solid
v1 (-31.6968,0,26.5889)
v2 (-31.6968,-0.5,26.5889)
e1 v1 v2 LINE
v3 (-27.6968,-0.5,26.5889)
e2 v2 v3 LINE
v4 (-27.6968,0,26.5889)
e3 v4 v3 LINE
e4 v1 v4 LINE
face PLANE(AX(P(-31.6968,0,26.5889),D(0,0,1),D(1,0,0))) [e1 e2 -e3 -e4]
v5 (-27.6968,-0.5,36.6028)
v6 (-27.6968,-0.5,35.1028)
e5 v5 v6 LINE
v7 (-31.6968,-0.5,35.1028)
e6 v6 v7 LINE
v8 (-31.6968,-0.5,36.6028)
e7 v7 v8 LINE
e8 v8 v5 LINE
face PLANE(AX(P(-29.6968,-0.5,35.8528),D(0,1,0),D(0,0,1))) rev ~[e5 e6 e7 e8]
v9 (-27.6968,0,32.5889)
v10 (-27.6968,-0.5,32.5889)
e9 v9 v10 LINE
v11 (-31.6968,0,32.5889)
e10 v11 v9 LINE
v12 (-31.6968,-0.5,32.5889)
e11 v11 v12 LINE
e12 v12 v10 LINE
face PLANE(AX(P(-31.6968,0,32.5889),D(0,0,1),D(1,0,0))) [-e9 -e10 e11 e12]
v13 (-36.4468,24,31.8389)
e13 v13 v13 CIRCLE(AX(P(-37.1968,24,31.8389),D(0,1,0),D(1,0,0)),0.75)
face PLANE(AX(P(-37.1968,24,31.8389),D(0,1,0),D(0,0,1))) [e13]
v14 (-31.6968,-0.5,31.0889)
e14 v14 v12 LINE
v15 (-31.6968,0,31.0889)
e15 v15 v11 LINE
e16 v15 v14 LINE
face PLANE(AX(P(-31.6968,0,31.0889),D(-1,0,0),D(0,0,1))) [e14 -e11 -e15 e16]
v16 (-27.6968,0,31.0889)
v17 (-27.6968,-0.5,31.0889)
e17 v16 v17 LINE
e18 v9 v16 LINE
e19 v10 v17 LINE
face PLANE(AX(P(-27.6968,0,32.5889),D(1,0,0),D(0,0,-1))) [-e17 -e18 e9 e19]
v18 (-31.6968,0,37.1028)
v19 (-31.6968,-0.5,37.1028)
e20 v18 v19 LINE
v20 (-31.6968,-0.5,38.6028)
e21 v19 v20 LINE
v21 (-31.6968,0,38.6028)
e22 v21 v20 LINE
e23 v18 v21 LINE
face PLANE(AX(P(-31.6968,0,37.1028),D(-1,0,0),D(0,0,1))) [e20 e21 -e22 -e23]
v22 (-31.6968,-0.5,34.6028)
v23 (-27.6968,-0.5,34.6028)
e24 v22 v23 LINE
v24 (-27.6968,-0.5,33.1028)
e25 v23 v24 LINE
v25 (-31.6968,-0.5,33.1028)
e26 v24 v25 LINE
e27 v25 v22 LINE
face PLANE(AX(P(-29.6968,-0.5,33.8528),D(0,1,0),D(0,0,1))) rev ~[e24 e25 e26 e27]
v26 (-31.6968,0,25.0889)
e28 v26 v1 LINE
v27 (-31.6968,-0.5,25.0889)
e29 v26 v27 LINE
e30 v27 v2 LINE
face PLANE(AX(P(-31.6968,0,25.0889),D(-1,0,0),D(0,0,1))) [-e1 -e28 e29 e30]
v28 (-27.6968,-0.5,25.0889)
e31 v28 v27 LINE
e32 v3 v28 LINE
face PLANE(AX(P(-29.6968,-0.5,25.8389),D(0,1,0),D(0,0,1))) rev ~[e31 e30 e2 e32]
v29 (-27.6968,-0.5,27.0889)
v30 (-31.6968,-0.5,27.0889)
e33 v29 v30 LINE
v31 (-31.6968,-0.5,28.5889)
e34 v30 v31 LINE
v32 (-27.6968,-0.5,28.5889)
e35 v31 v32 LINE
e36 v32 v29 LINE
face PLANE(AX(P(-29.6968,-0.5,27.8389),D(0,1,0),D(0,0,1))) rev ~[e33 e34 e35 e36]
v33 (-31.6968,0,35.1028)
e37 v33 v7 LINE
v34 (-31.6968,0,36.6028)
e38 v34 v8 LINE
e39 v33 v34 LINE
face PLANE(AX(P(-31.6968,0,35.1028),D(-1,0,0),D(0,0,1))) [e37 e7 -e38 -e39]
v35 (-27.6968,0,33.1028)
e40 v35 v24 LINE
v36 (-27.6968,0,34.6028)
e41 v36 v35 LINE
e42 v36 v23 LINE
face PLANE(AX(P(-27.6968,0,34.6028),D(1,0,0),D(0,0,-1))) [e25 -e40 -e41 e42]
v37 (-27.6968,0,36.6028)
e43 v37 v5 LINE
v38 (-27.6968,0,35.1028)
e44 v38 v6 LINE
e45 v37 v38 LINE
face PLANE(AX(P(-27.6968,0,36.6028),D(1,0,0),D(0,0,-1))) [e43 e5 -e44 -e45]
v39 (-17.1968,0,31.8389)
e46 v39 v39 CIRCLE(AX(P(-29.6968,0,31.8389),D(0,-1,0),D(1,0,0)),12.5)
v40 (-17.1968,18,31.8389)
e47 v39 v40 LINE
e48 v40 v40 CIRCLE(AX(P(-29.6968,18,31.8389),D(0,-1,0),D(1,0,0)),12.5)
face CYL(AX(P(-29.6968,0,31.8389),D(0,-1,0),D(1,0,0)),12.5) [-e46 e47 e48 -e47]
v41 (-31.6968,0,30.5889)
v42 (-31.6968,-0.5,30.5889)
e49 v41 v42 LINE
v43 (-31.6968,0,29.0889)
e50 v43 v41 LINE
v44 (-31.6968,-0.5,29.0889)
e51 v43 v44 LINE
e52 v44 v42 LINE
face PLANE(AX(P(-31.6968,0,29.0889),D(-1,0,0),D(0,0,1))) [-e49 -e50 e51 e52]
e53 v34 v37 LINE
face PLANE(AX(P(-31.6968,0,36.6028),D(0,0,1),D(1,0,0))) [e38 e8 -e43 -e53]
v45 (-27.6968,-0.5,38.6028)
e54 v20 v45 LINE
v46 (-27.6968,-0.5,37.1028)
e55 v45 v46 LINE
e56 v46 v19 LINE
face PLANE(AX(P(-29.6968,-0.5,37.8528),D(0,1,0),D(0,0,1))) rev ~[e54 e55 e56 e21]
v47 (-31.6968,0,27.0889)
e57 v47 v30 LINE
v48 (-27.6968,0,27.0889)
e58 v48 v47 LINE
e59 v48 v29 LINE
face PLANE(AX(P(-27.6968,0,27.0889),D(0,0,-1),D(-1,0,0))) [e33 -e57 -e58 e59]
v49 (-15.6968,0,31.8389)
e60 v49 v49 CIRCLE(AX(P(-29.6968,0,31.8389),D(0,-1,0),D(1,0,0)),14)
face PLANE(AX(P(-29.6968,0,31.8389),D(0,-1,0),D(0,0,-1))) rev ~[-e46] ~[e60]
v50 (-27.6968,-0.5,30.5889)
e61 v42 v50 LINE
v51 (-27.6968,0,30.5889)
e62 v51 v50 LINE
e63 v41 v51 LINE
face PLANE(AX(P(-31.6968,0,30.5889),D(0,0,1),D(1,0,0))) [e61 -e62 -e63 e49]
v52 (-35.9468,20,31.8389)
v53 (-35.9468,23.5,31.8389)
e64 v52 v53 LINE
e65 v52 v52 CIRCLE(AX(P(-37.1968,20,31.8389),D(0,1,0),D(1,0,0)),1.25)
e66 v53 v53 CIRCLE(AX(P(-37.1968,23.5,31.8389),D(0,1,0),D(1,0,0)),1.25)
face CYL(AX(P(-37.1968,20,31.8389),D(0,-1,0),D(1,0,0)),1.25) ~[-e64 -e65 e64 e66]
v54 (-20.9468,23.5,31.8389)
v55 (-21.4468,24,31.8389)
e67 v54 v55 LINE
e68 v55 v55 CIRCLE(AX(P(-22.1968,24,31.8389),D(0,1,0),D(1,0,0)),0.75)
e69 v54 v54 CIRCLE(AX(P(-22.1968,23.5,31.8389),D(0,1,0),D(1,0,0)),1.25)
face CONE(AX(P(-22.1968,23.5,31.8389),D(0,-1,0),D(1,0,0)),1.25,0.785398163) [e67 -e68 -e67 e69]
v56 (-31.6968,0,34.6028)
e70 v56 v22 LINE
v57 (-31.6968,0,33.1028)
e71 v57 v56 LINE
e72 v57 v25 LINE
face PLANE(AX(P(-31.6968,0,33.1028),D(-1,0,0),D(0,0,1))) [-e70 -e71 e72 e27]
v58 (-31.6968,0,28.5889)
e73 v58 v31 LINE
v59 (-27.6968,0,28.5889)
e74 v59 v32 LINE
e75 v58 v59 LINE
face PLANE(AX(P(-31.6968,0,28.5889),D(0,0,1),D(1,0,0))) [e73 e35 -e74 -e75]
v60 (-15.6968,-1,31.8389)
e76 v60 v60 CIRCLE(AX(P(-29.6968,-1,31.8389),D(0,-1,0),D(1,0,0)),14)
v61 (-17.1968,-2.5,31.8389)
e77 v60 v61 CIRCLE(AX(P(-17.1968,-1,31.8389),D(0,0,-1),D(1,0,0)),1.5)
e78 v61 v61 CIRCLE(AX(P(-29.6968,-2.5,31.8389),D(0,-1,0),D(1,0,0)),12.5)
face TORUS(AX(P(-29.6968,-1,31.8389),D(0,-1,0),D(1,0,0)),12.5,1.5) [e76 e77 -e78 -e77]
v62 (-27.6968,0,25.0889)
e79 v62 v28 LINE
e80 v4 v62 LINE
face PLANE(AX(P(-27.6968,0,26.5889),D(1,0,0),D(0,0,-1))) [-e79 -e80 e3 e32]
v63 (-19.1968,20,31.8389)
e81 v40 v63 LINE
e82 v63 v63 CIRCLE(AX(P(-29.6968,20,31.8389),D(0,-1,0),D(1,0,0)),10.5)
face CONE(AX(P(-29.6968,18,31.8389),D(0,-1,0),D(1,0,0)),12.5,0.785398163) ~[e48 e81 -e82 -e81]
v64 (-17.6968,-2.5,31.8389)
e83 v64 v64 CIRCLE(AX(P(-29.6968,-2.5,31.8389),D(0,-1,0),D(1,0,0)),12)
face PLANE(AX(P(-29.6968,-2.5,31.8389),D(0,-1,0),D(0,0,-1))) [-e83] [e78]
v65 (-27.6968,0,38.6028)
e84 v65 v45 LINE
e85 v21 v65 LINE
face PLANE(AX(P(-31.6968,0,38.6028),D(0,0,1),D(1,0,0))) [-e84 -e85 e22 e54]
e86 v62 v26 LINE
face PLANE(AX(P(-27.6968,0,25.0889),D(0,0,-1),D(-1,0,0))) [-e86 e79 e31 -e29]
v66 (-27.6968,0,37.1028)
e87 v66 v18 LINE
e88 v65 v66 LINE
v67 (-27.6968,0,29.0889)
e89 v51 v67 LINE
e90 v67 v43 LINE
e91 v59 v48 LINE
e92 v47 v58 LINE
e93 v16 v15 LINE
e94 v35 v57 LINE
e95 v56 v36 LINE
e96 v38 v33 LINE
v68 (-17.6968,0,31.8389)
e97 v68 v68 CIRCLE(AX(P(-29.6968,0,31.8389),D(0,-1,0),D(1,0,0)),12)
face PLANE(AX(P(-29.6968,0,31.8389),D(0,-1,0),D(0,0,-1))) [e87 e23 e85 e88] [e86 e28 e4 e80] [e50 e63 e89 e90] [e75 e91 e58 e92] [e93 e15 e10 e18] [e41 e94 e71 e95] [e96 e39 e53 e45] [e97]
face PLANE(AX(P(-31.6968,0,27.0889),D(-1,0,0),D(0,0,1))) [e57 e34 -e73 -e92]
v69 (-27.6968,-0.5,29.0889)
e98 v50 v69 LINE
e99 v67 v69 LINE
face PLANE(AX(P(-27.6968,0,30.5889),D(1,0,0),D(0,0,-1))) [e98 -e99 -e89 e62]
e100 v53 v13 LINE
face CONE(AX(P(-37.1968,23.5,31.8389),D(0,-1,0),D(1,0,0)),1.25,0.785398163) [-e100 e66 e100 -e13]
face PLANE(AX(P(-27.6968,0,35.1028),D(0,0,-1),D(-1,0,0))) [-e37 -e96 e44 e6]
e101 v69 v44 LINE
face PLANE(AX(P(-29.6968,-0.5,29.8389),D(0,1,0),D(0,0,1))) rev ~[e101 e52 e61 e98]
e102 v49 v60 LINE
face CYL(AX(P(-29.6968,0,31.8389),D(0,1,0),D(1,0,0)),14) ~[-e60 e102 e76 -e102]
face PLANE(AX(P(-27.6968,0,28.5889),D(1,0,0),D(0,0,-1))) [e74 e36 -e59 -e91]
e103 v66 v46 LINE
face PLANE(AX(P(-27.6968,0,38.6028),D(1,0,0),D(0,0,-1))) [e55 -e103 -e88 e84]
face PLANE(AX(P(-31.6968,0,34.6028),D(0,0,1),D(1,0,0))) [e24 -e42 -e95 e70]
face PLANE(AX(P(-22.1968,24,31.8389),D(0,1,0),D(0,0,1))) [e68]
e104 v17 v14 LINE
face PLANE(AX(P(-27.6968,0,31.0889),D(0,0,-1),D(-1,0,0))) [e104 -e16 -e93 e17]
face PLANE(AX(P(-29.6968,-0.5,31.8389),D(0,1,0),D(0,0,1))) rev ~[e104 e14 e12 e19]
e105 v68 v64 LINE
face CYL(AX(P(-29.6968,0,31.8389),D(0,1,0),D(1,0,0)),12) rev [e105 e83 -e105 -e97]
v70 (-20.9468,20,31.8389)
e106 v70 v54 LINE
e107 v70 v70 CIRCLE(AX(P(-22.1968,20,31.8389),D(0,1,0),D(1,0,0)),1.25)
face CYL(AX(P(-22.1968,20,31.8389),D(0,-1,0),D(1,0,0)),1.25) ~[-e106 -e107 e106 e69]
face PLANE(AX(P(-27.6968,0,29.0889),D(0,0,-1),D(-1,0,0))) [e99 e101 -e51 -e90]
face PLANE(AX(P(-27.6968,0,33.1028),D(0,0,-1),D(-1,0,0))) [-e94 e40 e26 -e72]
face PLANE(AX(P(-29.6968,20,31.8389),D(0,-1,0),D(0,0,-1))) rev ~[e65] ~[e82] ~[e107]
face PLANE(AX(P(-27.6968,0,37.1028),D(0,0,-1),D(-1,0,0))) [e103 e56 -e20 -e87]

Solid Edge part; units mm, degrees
sketch "Sketch1" plane through (0, 0, 0) normal (0, -1, 0) x (1, 0, 0)
  circle A0 centre (-29.6968, 31.8389) radius 12.5
  dimension "D1" = 25
extrude "Protrusion1" add sketch "Sketch1" against normal blind 20
chamfer "Chamfer_1" distance 2 angle 45 1 edges at (-42.1968, 20, 31.8389)
sketch "Sketch2" plane through (-29.6968, 0, 31.8389) normal (0, -1, 0) x (1, 0, 0)
  circle A0 centre (0, 0) radius 14
  circle A1 centre (0, 0) radius 12
extrude "ExtrudedProtrusion_2" add sketch "Sketch2" along normal blind 2.5
fillet "Round_1" radius 1.5 1 edges at (-43.6968, -2.5, 31.8389)
sketch "Sketch3" plane through (-29.6968, 20, 31.8389) normal (0, 1, 0) x (1, 0, 0)
  circle A0 centre (7.5, 0) radius 1.25
  circle A1 centre (-7.5, 0) radius 1.25
  dimension "D1" = 7.5
  dimension "D2" = 7.5
  dimension "D3" = 2.5
  dimension "D4" = 2.5
extrude "ExtrudedProtrusion_3" add sketch "Sketch3" along normal blind 4
chamfer "Chamfer_2" distance 0.5 angle 45 2 edges at (-23.4468, 24, 31.8389) (-38.4468, 24, 31.8389)
sketch "Sketch4" plane through (-29.6968, 0, 31.8389) normal (0, -1, 0) x (-1, 0, 0)
  line L0 (-2, -1.2639) -> (2, -1.2639)
  line L1 (2, -1.2639) -> (2, -2.7639)
  line L2 (2, -2.7639) -> (-2, -2.7639)
  line L3 (-2, -2.7639) -> (-2, -1.2639)
  line L4 (-2, -3.2639) -> (2, -3.2639)
  line L5 (2, -3.2639) -> (2, -4.7639)
  line L6 (2, -4.7639) -> (-2, -4.7639)
  line L7 (-2, -4.7639) -> (-2, -3.2639)
  line L8 (-2, -5.2639) -> (2, -5.2639)
  line L9 (2, -5.2639) -> (2, -6.7639)
  line L10 (2, -6.7639) -> (-2, -6.7639)
  line L11 (-2, -6.7639) -> (-2, -5.2639)
  line L12 (-2, 2.75) -> (2, 2.75)
  line L13 (2, 2.75) -> (2, 1.25)
  line L14 (2, 1.25) -> (-2, 1.25)
  line L15 (-2, 1.25) -> (-2, 2.75)
  line L16 (-2, 4.75) -> (2, 4.75)
  line L17 (2, 4.75) -> (2, 3.25)
  line L18 (2, 3.25) -> (-2, 3.25)
  line L19 (-2, 3.25) -> (-2, 4.75)
  line L20 (-2, 6.75) -> (2, 6.75)
  line L21 (2, 6.75) -> (2, 5.25)
  line L22 (2, 5.25) -> (-2, 5.25)
  line L23 (-2, 5.25) -> (-2, 6.75)
  line L24 (-2, 0.75) -> (2, 0.75)
  line L25 (2, 0.75) -> (2, -0.75)
  line L26 (2, -0.75) -> (-2, -0.75)
  line L27 (-2, -0.75) -> (-2, 0.75)
  dimension "D1" = 1.5
  dimension "D2" = 4
extrude "ExtrudedProtrusion_4" add sketch "Sketch4" along normal blind 0.5
